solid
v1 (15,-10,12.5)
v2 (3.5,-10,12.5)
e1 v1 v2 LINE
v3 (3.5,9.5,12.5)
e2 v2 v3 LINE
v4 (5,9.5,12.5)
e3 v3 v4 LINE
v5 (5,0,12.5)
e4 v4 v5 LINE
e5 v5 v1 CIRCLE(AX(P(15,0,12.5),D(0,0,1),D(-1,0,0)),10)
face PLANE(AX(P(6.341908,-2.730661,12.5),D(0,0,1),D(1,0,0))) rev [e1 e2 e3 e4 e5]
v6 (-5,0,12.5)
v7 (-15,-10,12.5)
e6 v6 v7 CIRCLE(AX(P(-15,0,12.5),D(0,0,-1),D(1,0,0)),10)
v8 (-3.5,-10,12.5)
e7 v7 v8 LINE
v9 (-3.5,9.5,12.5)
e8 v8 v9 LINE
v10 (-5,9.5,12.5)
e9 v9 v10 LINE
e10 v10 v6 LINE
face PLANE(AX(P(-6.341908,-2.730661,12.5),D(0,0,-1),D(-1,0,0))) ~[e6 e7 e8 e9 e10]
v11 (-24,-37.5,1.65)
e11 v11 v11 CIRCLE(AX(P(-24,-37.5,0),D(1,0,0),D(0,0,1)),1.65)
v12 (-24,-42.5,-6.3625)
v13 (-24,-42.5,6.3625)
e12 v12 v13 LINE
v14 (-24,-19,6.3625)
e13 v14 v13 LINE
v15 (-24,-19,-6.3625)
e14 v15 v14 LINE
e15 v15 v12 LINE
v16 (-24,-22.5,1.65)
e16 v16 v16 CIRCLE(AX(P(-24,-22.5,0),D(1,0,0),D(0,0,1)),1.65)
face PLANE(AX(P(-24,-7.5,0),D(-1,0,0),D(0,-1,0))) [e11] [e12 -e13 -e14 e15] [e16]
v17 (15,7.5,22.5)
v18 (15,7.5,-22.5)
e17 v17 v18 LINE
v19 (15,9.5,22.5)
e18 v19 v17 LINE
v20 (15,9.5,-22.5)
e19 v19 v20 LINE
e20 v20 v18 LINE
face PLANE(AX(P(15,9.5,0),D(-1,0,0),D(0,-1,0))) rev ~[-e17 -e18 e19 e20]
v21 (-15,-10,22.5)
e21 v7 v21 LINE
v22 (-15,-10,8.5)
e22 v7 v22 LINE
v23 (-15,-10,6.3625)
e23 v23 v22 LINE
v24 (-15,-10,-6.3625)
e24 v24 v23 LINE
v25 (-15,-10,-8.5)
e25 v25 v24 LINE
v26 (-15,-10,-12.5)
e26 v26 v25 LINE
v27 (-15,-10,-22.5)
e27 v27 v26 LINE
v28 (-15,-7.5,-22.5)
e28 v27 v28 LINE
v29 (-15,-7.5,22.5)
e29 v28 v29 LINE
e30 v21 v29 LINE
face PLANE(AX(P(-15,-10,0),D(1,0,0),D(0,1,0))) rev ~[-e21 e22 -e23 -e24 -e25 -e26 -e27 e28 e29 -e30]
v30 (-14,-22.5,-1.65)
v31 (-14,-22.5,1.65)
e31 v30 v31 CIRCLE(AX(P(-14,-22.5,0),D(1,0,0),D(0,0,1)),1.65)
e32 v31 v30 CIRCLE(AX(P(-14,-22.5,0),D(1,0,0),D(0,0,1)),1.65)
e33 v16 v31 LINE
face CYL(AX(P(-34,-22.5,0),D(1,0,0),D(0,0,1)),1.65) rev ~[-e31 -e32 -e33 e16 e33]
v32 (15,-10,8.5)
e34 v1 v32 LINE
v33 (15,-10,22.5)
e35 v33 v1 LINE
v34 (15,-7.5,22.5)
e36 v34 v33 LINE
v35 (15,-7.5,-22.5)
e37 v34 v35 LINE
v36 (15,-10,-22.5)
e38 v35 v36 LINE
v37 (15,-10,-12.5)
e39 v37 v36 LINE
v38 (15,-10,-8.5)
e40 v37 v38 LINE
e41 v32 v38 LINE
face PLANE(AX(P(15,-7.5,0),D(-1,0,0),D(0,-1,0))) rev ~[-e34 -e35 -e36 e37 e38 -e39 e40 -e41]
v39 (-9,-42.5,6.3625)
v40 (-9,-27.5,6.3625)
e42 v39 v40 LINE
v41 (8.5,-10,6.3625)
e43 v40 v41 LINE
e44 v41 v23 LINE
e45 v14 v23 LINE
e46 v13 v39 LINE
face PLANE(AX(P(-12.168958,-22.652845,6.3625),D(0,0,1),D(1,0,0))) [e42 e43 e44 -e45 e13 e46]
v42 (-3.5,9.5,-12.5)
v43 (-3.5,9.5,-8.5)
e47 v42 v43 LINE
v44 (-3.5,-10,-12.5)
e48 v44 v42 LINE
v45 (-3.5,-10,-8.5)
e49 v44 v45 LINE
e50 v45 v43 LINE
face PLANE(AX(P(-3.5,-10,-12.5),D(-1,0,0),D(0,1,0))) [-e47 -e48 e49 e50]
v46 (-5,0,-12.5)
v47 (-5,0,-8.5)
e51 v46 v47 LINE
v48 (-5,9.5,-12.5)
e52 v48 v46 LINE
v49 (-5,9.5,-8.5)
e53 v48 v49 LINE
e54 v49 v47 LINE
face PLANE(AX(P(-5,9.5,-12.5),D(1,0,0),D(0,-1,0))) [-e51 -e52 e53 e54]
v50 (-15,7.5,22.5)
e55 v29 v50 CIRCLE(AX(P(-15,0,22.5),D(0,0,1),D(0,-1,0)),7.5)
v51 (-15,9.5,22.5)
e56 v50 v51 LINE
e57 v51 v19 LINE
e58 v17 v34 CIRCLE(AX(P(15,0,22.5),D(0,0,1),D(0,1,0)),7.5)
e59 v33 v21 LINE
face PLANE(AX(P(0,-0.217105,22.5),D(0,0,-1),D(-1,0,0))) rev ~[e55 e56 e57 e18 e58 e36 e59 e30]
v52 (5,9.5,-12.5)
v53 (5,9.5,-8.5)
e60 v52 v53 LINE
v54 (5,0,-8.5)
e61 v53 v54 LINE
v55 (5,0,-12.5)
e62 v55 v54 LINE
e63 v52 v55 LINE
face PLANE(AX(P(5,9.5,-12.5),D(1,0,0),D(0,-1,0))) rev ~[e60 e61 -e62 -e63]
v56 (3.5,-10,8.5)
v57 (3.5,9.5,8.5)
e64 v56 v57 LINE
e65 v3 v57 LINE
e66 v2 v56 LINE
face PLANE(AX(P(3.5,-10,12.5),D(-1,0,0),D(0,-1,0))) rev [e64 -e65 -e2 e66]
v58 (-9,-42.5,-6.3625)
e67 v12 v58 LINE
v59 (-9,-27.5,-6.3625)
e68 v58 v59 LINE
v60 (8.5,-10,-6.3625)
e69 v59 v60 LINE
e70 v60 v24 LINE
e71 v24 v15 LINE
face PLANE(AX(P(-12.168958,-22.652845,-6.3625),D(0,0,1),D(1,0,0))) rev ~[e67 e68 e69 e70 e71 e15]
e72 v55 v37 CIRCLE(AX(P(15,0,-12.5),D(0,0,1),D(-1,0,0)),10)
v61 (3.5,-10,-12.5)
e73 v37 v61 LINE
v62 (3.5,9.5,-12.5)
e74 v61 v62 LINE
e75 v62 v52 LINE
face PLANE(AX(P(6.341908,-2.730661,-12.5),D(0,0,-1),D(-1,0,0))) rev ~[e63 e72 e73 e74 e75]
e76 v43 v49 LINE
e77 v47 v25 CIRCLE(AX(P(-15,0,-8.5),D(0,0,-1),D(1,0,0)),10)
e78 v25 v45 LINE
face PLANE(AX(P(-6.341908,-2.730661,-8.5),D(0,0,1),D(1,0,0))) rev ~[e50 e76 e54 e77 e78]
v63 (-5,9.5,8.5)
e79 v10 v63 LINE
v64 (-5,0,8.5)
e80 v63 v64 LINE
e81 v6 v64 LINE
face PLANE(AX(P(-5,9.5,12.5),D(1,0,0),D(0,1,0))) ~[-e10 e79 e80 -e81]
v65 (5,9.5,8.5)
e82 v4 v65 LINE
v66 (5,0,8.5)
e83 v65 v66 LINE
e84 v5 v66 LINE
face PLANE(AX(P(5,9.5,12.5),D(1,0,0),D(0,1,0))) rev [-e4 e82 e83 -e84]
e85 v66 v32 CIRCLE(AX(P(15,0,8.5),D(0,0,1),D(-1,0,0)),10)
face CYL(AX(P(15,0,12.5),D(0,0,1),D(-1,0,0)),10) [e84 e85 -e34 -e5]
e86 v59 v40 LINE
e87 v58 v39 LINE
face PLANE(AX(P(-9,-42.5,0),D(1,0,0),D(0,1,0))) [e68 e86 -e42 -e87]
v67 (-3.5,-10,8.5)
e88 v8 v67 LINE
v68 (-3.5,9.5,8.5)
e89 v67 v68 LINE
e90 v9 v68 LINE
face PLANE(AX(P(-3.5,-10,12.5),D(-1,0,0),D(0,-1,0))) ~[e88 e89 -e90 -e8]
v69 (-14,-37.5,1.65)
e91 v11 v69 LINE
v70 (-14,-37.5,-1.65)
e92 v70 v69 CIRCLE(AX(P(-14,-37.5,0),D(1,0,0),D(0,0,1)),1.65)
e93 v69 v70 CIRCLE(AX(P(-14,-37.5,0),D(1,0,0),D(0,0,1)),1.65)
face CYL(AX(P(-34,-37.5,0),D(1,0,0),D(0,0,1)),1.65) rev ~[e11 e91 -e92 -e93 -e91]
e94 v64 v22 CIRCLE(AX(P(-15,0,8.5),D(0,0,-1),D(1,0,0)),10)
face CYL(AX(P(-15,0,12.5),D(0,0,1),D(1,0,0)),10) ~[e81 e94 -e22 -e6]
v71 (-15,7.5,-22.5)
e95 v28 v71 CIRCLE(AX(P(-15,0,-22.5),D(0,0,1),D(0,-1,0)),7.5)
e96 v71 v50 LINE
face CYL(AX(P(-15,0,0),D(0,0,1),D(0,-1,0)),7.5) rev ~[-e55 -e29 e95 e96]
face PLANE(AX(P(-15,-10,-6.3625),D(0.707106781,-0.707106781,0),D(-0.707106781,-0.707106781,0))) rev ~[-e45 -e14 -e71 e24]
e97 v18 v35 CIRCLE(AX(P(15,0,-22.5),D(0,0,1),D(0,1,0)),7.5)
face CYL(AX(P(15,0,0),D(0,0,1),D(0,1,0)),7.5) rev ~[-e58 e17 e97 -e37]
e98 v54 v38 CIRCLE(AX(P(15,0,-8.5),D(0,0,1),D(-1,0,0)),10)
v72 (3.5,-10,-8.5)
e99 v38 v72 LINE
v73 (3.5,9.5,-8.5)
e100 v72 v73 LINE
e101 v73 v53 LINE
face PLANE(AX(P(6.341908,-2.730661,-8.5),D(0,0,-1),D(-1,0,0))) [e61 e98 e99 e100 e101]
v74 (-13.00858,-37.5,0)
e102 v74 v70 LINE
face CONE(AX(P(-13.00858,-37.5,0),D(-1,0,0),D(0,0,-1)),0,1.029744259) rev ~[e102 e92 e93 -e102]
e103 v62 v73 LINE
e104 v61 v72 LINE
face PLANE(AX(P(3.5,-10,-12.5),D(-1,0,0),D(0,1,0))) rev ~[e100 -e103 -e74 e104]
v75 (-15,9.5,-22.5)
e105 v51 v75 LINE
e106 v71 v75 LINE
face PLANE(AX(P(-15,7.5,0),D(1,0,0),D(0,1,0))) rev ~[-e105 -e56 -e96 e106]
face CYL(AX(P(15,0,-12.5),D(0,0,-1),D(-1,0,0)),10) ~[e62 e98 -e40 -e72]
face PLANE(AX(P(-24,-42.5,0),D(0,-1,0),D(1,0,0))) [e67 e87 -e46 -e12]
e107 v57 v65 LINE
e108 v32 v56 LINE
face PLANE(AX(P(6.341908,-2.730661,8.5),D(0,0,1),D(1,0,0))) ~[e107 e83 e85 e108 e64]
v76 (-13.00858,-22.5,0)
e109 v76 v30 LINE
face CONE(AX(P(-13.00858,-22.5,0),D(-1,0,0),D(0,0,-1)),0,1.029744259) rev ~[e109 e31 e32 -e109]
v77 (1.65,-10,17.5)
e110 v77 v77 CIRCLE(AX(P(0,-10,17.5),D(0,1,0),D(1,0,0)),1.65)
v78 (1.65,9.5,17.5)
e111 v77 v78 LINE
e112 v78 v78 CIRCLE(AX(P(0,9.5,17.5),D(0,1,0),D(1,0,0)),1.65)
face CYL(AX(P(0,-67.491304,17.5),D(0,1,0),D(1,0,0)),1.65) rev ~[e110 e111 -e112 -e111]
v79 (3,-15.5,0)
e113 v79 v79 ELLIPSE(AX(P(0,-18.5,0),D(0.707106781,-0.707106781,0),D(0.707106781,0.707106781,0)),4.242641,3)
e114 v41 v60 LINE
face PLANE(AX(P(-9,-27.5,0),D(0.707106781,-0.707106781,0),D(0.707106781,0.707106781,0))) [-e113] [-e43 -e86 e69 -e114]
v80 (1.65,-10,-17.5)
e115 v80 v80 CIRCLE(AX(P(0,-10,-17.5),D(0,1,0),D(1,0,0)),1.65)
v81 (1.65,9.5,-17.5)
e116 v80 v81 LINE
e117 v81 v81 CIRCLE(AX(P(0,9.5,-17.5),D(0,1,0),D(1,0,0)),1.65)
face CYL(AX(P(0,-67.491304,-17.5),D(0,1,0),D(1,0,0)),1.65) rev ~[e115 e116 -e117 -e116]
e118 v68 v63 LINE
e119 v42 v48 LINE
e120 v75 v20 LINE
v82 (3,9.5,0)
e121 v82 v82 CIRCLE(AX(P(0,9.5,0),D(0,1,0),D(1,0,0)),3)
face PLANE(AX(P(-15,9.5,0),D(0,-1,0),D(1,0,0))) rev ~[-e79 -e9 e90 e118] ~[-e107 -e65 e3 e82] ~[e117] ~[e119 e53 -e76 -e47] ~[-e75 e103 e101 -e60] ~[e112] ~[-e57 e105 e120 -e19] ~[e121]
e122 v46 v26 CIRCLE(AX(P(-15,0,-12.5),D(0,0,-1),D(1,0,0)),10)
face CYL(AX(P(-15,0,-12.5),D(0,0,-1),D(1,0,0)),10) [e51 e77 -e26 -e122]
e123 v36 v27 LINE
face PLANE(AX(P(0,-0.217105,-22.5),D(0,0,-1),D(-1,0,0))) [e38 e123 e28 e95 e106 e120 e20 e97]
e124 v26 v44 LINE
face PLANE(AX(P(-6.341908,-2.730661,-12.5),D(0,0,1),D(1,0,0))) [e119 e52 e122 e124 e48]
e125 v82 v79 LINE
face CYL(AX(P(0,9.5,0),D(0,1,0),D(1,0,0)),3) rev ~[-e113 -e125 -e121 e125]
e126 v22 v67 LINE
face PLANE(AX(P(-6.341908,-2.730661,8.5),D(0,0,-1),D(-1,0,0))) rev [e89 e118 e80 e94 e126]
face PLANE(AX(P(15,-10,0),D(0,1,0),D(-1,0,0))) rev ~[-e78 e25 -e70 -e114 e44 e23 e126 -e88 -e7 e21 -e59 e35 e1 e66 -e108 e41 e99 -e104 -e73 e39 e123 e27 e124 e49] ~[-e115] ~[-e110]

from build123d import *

# Parameters (mm, degrees)
BOSS_EXTRUDE1_DEPTH       = 22.5
M4X0_7_TAPPED_HOLE2_D     = 3.3
BOSS_EXTRUDE3_DEPTH       = 6.3625
M4X0_7_TAPPED_HOLE1_D     = 3.3
M4X0_7_TAPPED_HOLE1_DEPTH = 10
M4X0_7_TAPPED_HOLE1_TIP   = 0.991420021
CUT_EXTRUDE2_DEPTH        = 85
SKETCH2_R                 = 3
CUT_EXTRUDE1_DEPTH        = 50
CUT_EXTRUDE3_START        = -10
CUT_EXTRUDE3_DEPTH        = 4


with BuildPart() as part:
    # Sketch1 → Boss-Extrude1 (new body, symmetric)
    with BuildSketch(Plane.XY):
        with BuildLine():
            Line((-15, 7.5), (-15, 9.5))
            Line((-15, 9.5), (15, 9.5))
            Line((15, 9.5), (15, 7.5))
            ThreePointArc((15, 7.5), (7.5, 0), (15, -7.5))
            Line((15, -7.5), (15, -10))
            Line((15, -10), (-15, -10))
            Line((-15, -10), (-15, -7.5))
            ThreePointArc((-15, -7.5), (-7.5, 0), (-15, 7.5))
        make_face()
    extrude(amount=BOSS_EXTRUDE1_DEPTH, both=True)

    # M4x0.7 Tapped Hole2 (through all)
    with Locations(Plane(origin=(0, -10, 0), x_dir=(-1, 0, 0), z_dir=(0, -1, 0))):
        with Locations((0, -17.5), (0, 17.5)):
            Hole(M4X0_7_TAPPED_HOLE2_D / 2)

    # Sketch7 → Boss-Extrude3 (add, symmetric)
    with BuildSketch(Plane.XY):
        Polygon((-15, -7.5), (-24, -7.5), (-24, -42.5), (-9, -42.5), (-9, -27.5), (8.5, -10), (-15, -10), align=None)
    extrude(amount=BOSS_EXTRUDE3_DEPTH, both=True)

    # M4x0.7 Tapped Hole1
    with Locations(Plane(origin=(-24, 0, 0), x_dir=(0, 0, -1), z_dir=(-1, 0, 0))):
        with Locations((0, 37.5), (0, 22.5)):
            Hole(M4X0_7_TAPPED_HOLE1_D / 2, depth=M4X0_7_TAPPED_HOLE1_DEPTH)
            with Locations((0, 0, -(M4X0_7_TAPPED_HOLE1_DEPTH + M4X0_7_TAPPED_HOLE1_TIP / 2))):  # 118° drill point
                Cone(0, M4X0_7_TAPPED_HOLE1_D / 2, M4X0_7_TAPPED_HOLE1_TIP, mode=Mode.SUBTRACT)

    # Sketch10 → Cut-Extrude2 (cut)
    with BuildSketch(Plane(origin=(0, 0, -6.3625), x_dir=(-1, 0, 0), z_dir=(0, 0, -1))):
        Polygon((15, -10), (24, -19), (24, -7.5), (15, -7.5), align=None)
    extrude(amount=-CUT_EXTRUDE2_DEPTH, mode=Mode.SUBTRACT)

    # Sketch2 → Cut-Extrude1 (cut)
    with BuildSketch(Plane(origin=(0, 9.5, 0), x_dir=(1, 0, 0), z_dir=(0, 1, 0))):
        Circle(SKETCH2_R)
    extrude(amount=-CUT_EXTRUDE1_DEPTH, mode=Mode.SUBTRACT)

    # Sketch11 → Cut-Extrude3 (cut)
    with BuildSketch(Plane(origin=(0, 0, -22.5), x_dir=(-1, 0, 0), z_dir=(0, 0, -1)).offset(CUT_EXTRUDE3_START)):
        with BuildLine():
            Line((-5, 9.5), (-5, 0))
            ThreePointArc((-5, 0), (-7.928932188, -7.071067812), (-15, -10))
            Line((-15, -10), (-3.5, -10))
            Line((-3.5, -10), (-3.5, 9.5))
            Line((-3.5, 9.5), (-5, 9.5))
        make_face()
        with BuildLine():
            Line((3.5, 9.5), (5, 9.5))
            Line((5, 9.5), (5, 0))
            ThreePointArc((5, 0), (7.928932188, -7.071067812), (15, -10))
            Line((15, -10), (3.5, -10))
            Line((3.5, -10), (3.5, 9.5))
        make_face()
    cut_extrude3 = extrude(amount=-CUT_EXTRUDE3_DEPTH, mode=Mode.SUBTRACT)

    # Mirror1: Cut-Extrude3 across plane
    add(cut_extrude3.mirror(Plane.XY), mode=Mode.SUBTRACT)


solid = part.part
